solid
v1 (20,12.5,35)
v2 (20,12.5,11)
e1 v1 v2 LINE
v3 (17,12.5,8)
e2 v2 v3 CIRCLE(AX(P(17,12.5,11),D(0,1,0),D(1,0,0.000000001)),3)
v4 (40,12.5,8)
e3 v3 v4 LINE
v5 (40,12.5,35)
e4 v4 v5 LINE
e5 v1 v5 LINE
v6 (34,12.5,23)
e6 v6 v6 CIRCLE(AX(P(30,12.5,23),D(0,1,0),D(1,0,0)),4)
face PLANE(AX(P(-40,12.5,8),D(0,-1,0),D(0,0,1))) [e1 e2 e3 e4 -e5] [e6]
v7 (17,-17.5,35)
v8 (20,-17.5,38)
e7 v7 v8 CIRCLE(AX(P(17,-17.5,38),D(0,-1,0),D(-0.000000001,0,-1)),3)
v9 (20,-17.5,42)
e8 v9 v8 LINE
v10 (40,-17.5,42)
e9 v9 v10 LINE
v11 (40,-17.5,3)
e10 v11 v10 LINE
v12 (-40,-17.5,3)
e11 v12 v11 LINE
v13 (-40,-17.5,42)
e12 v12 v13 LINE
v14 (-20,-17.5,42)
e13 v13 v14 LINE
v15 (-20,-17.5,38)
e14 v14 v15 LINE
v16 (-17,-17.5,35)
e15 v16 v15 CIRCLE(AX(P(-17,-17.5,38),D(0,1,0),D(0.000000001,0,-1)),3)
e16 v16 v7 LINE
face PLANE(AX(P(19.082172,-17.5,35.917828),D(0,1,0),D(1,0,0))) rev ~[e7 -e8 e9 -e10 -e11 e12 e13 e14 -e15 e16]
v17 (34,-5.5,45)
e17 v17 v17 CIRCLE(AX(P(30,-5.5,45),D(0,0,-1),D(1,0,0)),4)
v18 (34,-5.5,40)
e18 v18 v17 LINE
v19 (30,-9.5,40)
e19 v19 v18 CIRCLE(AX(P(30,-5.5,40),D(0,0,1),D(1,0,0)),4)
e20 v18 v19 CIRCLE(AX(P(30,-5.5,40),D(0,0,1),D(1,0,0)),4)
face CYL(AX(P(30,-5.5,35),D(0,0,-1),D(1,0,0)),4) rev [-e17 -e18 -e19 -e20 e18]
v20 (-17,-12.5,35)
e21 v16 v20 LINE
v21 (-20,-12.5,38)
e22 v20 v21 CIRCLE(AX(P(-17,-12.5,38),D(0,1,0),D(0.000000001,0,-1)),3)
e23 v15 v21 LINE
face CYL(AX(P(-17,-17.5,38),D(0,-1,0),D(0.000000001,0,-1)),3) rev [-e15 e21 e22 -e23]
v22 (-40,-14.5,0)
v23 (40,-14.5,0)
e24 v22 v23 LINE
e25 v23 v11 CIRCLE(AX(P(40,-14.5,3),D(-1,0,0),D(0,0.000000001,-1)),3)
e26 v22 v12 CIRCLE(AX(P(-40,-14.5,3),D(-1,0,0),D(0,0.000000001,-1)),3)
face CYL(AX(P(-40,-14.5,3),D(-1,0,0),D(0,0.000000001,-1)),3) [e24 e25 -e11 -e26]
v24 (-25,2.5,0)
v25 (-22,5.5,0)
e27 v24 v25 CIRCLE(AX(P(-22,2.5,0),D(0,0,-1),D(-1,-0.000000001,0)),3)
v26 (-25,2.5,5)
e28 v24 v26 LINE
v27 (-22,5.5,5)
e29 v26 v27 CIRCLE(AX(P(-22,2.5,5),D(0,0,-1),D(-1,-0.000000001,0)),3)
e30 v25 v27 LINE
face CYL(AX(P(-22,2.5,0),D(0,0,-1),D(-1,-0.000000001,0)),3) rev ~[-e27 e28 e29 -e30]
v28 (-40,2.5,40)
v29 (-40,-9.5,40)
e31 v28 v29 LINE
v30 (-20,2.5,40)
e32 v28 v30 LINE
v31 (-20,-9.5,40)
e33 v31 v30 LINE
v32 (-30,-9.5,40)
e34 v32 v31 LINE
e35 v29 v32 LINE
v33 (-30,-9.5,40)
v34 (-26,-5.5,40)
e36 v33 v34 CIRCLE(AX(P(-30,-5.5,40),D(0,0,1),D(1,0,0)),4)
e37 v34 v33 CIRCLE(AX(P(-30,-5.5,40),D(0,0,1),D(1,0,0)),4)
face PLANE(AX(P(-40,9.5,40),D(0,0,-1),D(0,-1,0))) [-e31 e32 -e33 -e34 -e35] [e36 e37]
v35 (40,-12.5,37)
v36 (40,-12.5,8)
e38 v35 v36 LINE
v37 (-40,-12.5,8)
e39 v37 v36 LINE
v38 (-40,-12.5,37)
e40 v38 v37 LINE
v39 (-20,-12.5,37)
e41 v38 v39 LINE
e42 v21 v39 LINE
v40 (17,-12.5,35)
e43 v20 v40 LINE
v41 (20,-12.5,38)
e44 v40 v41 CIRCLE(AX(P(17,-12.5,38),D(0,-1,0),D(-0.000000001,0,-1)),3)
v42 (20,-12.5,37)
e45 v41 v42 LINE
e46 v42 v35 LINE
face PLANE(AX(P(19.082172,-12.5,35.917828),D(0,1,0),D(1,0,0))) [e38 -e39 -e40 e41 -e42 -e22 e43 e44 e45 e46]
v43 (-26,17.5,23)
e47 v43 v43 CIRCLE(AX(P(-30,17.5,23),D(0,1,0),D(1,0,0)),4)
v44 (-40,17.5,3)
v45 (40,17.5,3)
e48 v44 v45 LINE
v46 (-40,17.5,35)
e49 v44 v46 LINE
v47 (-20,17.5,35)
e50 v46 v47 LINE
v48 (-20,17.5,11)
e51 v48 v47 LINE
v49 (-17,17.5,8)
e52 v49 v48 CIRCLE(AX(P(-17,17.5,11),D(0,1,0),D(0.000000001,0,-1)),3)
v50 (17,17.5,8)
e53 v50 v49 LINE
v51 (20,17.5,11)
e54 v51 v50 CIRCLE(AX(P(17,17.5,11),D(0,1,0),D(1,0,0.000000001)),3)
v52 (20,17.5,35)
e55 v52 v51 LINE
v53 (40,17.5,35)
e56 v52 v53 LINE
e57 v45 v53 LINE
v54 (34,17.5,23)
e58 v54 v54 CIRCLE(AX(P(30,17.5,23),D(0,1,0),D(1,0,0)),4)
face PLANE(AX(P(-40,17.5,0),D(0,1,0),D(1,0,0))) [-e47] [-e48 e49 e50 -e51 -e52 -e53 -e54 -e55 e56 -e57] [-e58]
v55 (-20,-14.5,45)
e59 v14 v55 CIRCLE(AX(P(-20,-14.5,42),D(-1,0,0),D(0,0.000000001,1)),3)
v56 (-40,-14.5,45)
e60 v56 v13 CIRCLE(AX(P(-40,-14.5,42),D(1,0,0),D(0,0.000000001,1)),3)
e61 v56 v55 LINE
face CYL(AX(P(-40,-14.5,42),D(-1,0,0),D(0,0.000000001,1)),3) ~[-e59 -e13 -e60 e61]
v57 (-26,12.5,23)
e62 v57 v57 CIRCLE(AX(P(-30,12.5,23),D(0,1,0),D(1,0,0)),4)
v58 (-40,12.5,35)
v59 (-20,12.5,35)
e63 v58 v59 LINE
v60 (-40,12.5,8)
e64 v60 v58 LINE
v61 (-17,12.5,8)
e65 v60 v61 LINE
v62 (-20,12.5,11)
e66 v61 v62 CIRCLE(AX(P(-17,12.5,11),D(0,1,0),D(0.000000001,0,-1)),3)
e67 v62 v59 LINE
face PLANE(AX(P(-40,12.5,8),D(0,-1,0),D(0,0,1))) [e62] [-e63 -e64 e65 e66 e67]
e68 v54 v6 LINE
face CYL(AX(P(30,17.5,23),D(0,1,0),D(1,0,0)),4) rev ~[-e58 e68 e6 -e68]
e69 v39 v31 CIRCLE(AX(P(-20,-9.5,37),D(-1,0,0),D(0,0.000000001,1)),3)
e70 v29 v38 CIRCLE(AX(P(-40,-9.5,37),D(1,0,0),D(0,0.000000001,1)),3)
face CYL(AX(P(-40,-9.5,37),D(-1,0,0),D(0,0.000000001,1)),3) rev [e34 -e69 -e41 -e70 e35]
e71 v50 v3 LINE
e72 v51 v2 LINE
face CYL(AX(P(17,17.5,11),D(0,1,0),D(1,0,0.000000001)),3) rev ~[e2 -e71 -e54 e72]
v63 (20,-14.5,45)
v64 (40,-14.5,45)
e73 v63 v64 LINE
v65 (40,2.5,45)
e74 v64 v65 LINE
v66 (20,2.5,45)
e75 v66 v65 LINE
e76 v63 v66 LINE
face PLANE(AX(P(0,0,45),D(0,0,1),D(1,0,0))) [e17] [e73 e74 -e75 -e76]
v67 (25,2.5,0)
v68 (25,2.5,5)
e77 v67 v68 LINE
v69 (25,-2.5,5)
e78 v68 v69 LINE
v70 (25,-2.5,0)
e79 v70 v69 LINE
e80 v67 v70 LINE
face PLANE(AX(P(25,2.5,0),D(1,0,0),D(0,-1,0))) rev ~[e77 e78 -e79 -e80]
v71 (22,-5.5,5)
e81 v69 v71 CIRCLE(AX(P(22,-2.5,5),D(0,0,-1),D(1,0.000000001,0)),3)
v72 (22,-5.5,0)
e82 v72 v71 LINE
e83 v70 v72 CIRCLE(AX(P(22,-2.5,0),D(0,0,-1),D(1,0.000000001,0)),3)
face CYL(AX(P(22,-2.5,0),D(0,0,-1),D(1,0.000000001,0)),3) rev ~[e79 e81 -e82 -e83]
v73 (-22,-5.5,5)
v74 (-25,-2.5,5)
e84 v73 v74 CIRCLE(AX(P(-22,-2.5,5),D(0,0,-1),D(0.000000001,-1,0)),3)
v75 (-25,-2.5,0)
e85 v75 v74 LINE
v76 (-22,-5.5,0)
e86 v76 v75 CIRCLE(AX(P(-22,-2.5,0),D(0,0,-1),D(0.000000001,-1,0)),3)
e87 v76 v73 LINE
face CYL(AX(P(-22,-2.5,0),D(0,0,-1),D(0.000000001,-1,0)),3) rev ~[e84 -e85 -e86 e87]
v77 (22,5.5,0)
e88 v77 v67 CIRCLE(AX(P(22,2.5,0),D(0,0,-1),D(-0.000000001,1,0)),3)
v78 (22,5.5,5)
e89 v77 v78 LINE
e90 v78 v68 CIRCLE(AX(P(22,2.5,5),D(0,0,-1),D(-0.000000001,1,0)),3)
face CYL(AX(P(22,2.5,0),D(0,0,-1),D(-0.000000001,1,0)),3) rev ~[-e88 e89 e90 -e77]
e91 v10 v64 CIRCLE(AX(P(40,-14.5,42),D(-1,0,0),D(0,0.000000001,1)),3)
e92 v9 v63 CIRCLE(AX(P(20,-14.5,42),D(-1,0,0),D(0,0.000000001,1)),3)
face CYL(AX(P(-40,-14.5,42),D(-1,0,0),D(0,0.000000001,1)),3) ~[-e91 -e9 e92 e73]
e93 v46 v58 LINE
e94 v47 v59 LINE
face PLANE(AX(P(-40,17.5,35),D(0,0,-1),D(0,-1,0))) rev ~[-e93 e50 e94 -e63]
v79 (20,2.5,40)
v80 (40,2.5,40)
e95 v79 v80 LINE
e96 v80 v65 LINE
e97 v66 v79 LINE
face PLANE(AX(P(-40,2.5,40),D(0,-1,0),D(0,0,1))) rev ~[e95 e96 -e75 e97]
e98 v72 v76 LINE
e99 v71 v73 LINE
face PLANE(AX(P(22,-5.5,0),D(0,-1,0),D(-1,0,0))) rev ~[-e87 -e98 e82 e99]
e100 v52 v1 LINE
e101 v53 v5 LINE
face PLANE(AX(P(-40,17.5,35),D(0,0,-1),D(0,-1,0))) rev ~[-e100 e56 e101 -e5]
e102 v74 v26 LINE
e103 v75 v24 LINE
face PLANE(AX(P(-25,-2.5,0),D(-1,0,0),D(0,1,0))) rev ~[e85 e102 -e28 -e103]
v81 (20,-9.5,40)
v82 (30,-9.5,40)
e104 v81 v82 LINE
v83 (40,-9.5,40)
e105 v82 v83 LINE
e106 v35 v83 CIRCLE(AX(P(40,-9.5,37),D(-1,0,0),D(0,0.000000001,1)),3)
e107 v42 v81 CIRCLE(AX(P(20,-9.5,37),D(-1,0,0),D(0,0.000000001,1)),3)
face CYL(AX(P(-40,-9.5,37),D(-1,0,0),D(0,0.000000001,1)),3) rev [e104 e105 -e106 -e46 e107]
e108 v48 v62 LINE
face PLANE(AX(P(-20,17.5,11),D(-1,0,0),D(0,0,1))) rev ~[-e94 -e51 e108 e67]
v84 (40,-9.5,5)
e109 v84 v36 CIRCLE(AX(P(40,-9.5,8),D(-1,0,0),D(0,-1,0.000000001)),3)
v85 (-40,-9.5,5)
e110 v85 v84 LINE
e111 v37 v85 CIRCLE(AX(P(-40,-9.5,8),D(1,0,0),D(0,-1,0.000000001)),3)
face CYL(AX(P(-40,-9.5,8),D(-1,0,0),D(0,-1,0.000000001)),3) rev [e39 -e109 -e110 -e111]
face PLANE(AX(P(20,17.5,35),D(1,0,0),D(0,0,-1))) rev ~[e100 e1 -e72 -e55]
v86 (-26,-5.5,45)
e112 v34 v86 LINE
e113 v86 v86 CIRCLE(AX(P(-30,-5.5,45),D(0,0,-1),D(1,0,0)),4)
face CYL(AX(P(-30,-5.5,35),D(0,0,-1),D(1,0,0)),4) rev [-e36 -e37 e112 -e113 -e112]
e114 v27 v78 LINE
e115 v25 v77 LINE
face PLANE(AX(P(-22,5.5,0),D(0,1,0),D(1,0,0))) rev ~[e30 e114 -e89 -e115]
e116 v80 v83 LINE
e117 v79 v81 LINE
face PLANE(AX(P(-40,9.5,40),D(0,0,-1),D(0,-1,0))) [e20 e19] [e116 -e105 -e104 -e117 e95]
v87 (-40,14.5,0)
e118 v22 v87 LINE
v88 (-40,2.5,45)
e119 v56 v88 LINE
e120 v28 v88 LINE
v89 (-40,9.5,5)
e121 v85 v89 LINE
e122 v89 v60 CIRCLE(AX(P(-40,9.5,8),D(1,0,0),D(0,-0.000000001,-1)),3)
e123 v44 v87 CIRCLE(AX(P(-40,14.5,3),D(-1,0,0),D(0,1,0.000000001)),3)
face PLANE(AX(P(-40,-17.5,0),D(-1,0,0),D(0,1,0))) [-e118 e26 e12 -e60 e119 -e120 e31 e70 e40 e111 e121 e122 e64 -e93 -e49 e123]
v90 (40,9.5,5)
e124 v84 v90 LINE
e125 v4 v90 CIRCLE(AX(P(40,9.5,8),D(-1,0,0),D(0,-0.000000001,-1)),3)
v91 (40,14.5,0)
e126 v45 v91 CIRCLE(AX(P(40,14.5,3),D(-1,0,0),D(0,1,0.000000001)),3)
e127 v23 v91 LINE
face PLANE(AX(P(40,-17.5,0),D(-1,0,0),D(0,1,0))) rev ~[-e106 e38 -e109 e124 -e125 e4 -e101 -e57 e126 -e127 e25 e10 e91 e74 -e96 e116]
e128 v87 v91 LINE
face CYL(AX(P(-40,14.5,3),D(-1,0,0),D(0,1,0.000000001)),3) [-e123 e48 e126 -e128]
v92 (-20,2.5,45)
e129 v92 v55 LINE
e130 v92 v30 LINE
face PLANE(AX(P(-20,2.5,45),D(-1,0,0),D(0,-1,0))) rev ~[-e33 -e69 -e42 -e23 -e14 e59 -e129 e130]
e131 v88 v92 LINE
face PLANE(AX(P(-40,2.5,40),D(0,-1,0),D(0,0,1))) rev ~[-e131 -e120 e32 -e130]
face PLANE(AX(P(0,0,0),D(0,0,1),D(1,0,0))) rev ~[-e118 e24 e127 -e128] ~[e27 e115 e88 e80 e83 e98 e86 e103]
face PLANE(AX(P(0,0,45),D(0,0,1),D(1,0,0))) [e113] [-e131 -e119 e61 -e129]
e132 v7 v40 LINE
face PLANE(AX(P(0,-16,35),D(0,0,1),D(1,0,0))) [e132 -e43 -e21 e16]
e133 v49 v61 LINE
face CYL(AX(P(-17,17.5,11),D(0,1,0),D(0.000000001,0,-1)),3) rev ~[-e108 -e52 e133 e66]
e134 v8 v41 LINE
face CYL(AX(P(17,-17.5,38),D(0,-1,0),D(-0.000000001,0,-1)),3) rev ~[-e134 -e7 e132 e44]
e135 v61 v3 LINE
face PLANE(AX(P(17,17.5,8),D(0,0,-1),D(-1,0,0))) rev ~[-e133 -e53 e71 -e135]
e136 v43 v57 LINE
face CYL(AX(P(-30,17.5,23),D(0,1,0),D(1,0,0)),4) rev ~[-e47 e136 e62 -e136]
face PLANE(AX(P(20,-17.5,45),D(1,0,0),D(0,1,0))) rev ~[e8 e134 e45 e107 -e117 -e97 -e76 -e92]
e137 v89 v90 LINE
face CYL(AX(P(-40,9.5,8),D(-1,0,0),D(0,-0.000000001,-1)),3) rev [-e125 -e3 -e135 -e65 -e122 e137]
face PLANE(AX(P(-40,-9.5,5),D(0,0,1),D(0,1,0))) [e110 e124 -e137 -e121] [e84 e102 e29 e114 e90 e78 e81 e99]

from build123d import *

# Parameters (mm, degrees)
SKETCH1_W                     = 80
SKETCH1_H                     = 35
RECTANGLE_BLOCK_EXTRUDE_DEPTH = 45
HOLLOW_OUT_BLOCK_CUT_DEPTH    = 81
OPEN_CORNER_CUT_DEPTH         = 81
TOP_CUTS_REACH                = 37
SKETCH15_R                    = 4
CIRCLE_CUT_ON_FRONT_REACH     = 12
SKETCH18_R                    = 4
RECTANGLE_CUT_ON_BACK_DEPTH   = 5
CUT_EXTRUDE17_DEPTH           = 81
SKETCH25_W                    = 40
SKETCH25_H                    = 3
SKETCH25_H_2                  = 17
CUT_EXTRUDE18_DEPTH           = 10
BOSS_EXTRUDE6_DEPTH           = 5


with BuildPart() as part:
    # Sketch1 → Rectangle Block Extrude (new body)
    with BuildSketch(Plane.XY):
        Rectangle(SKETCH1_W, SKETCH1_H)
    extrude(amount=RECTANGLE_BLOCK_EXTRUDE_DEPTH)

    # Sketch11 → Hollow Out Block Cut (cut, through all)
    with BuildSketch(Plane.ZY.offset(40)):
        with BuildLine():
            Line((8, 12.5), (37, 12.5))
            ThreePointArc((37, 12.5), (39.121320344, 11.621320344), (40, 9.5))
            Line((40, 9.5), (40, -9.5))
            ThreePointArc((40, -9.5), (39.121320344, -11.621320344), (37, -12.5))
            Line((37, -12.5), (8, -12.5))
            ThreePointArc((8, -12.5), (5.878679656, -11.621320344), (5, -9.5))
            Line((5, -9.5), (5, 9.5))
            ThreePointArc((5, 9.5), (5.878679656, 11.621320344), (8, 12.5))
        make_face()
    extrude(amount=-HOLLOW_OUT_BLOCK_CUT_DEPTH, mode=Mode.SUBTRACT)

    # Sketch12 → Open Corner Cut (cut, through all)
    with BuildSketch(Plane.ZY.offset(40)):
        with BuildLine():
            Line((35, 17.5), (35, 12.5))
            Line((35, 12.5), (37, 12.5))
            ThreePointArc((37, 12.5), (39.121320344, 11.621320344), (40, 9.5))
            Line((40, 9.5), (40, 2.5))
            Line((40, 2.5), (45, 2.5))
            Line((45, 2.5), (45, 17.5))
            Line((45, 17.5), (35, 17.5))
        make_face()
    extrude(amount=-OPEN_CORNER_CUT_DEPTH, mode=Mode.SUBTRACT)

    # Sketch15 → Top Cuts (cut, up to next)
    with BuildSketch(Plane(origin=(0, 17.5, 0), x_dir=(1, 0, 0), z_dir=(0, 1, 0)), mode=Mode.PRIVATE) as top_cuts_sk1:
        with BuildLine():
            Line((17, -8), (-17, -8))
            ThreePointArc((-17, -8), (-19.121320344, -8.878679656), (-20, -11))
            Line((-20, -11), (-20, -35))
            Line((-20, -35), (20, -35))
            Line((20, -35), (20, -11))
            ThreePointArc((20, -11), (19.121320344, -8.878679656), (17, -8))
        make_face()
    top_cuts_tool1 = extrude(top_cuts_sk1.sketch, amount=-TOP_CUTS_REACH, mode=Mode.PRIVATE) & part.part
    add(top_cuts_tool1.solids().sort_by_distance((0, 17.5, 21.546053))[0], mode=Mode.SUBTRACT)
    # Sketch15 → Top Cuts (cut, up to next)
    with BuildSketch(Plane(origin=(0, 17.5, 0), x_dir=(1, 0, 0), z_dir=(0, 1, 0)), mode=Mode.PRIVATE) as top_cuts_sk2:
        with Locations((-30, -23)):
            Circle(SKETCH15_R)
    top_cuts_tool2 = extrude(top_cuts_sk2.sketch, amount=-TOP_CUTS_REACH, mode=Mode.PRIVATE) & part.part
    add(top_cuts_tool2.solids().sort_by_distance((-30, 17.5, 23))[0], mode=Mode.SUBTRACT)
    # Sketch15 → Top Cuts (cut, up to next)
    with BuildSketch(Plane(origin=(0, 17.5, 0), x_dir=(1, 0, 0), z_dir=(0, 1, 0)), mode=Mode.PRIVATE) as top_cuts_sk3:
        with Locations((30, -23)):
            Circle(SKETCH15_R)
    top_cuts_tool3 = extrude(top_cuts_sk3.sketch, amount=-TOP_CUTS_REACH, mode=Mode.PRIVATE) & part.part
    add(top_cuts_tool3.solids().sort_by_distance((30, 17.5, 23))[0], mode=Mode.SUBTRACT)

    # Sketch18 → Circle Cut on Front (cut, up to next)
    with BuildSketch(Plane.XY.offset(35), mode=Mode.PRIVATE) as circle_cut_on_front_sk1:
        with Locations((-30, -5.5)):
            Circle(SKETCH18_R)
    circle_cut_on_front_tool1 = extrude(circle_cut_on_front_sk1.sketch, amount=CIRCLE_CUT_ON_FRONT_REACH, mode=Mode.PRIVATE) & part.part
    add(circle_cut_on_front_tool1.solids().sort_by_distance((-30, -5.5, 35))[0], mode=Mode.SUBTRACT)
    # Sketch18 → Circle Cut on Front (cut, up to next)
    with BuildSketch(Plane.XY.offset(35), mode=Mode.PRIVATE) as circle_cut_on_front_sk2:
        with Locations((30, -5.5)):
            Circle(SKETCH18_R)
    circle_cut_on_front_tool2 = extrude(circle_cut_on_front_sk2.sketch, amount=CIRCLE_CUT_ON_FRONT_REACH, mode=Mode.PRIVATE) & part.part
    add(circle_cut_on_front_tool2.solids().sort_by_distance((30, -5.5, 35))[0], mode=Mode.SUBTRACT)

    # Sketch23 → Rectangle Cut on Back (cut)
    with BuildSketch(Plane(origin=(0, 0, 0), x_dir=(-1, 0, 0), z_dir=(0, 0, -1))):
        with BuildLine():
            Line((22, 5.5), (-22, 5.5))
            ThreePointArc((-22, 5.5), (-24.121320344, 4.621320344), (-25, 2.5))
            Line((-25, 2.5), (-25, -2.5))
            ThreePointArc((-25, -2.5), (-24.121320344, -4.621320344), (-22, -5.5))
            Line((-22, -5.5), (22, -5.5))
            ThreePointArc((22, -5.5), (24.121320344, -4.621320344), (25, -2.5))
            Line((25, -2.5), (25, 2.5))
            ThreePointArc((25, 2.5), (24.121320344, 4.621320344), (22, 5.5))
        make_face()
    extrude(amount=-RECTANGLE_CUT_ON_BACK_DEPTH, mode=Mode.SUBTRACT)

    # Sketch24 → Cut-Extrude17 (cut, through all)
    with BuildSketch(Plane.ZY.offset(40)):
        with BuildLine():
            Line((3, -17.5), (0, -17.5))
            Line((0, -17.5), (0, -14.5))
            ThreePointArc((0, -14.5), (0.878679656, -16.621320344), (3, -17.5))
        make_face()
        with BuildLine():
            Line((0, 14.5), (0, 17.5))
            Line((0, 17.5), (3, 17.5))
            ThreePointArc((3, 17.5), (0.878679656, 16.621320344), (0, 14.5))
        make_face()
        with BuildLine():
            Line((42, -17.5), (45, -17.5))
            Line((45, -17.5), (45, -14.5))
            ThreePointArc((45, -14.5), (44.121320344, -16.621320344), (42, -17.5))
        make_face()
    extrude(amount=-CUT_EXTRUDE17_DEPTH, mode=Mode.SUBTRACT)

    # Sketch25 → Cut-Extrude18 (cut)
    with BuildSketch(Plane.XY.offset(45)):
        with Locations((0, -16)):
            Rectangle(SKETCH25_W, SKETCH25_H)
        with Locations((0, -6)):
            Rectangle(SKETCH25_W, SKETCH25_H_2)
    extrude(amount=-CUT_EXTRUDE18_DEPTH, mode=Mode.SUBTRACT)

    # Sketch28 → Boss-Extrude6 (add)
    with BuildSketch(Plane(origin=(0, -17.5, 0), x_dir=(-1, 0, 0), z_dir=(0, -1, 0))):
        with BuildLine():
            Line((-20, -38), (-20, -35))
            Line((-20, -35), (-17, -35))
            ThreePointArc((-17, -35), (-19.121320344, -35.878679656), (-20, -38))
        make_face()
        with BuildLine():
            Line((20, -38), (20, -35))
            Line((20, -35), (17, -35))
            ThreePointArc((17, -35), (19.121320344, -35.878679656), (20, -38))
        make_face()
    extrude(amount=-BOSS_EXTRUDE6_DEPTH)


solid = part.part
